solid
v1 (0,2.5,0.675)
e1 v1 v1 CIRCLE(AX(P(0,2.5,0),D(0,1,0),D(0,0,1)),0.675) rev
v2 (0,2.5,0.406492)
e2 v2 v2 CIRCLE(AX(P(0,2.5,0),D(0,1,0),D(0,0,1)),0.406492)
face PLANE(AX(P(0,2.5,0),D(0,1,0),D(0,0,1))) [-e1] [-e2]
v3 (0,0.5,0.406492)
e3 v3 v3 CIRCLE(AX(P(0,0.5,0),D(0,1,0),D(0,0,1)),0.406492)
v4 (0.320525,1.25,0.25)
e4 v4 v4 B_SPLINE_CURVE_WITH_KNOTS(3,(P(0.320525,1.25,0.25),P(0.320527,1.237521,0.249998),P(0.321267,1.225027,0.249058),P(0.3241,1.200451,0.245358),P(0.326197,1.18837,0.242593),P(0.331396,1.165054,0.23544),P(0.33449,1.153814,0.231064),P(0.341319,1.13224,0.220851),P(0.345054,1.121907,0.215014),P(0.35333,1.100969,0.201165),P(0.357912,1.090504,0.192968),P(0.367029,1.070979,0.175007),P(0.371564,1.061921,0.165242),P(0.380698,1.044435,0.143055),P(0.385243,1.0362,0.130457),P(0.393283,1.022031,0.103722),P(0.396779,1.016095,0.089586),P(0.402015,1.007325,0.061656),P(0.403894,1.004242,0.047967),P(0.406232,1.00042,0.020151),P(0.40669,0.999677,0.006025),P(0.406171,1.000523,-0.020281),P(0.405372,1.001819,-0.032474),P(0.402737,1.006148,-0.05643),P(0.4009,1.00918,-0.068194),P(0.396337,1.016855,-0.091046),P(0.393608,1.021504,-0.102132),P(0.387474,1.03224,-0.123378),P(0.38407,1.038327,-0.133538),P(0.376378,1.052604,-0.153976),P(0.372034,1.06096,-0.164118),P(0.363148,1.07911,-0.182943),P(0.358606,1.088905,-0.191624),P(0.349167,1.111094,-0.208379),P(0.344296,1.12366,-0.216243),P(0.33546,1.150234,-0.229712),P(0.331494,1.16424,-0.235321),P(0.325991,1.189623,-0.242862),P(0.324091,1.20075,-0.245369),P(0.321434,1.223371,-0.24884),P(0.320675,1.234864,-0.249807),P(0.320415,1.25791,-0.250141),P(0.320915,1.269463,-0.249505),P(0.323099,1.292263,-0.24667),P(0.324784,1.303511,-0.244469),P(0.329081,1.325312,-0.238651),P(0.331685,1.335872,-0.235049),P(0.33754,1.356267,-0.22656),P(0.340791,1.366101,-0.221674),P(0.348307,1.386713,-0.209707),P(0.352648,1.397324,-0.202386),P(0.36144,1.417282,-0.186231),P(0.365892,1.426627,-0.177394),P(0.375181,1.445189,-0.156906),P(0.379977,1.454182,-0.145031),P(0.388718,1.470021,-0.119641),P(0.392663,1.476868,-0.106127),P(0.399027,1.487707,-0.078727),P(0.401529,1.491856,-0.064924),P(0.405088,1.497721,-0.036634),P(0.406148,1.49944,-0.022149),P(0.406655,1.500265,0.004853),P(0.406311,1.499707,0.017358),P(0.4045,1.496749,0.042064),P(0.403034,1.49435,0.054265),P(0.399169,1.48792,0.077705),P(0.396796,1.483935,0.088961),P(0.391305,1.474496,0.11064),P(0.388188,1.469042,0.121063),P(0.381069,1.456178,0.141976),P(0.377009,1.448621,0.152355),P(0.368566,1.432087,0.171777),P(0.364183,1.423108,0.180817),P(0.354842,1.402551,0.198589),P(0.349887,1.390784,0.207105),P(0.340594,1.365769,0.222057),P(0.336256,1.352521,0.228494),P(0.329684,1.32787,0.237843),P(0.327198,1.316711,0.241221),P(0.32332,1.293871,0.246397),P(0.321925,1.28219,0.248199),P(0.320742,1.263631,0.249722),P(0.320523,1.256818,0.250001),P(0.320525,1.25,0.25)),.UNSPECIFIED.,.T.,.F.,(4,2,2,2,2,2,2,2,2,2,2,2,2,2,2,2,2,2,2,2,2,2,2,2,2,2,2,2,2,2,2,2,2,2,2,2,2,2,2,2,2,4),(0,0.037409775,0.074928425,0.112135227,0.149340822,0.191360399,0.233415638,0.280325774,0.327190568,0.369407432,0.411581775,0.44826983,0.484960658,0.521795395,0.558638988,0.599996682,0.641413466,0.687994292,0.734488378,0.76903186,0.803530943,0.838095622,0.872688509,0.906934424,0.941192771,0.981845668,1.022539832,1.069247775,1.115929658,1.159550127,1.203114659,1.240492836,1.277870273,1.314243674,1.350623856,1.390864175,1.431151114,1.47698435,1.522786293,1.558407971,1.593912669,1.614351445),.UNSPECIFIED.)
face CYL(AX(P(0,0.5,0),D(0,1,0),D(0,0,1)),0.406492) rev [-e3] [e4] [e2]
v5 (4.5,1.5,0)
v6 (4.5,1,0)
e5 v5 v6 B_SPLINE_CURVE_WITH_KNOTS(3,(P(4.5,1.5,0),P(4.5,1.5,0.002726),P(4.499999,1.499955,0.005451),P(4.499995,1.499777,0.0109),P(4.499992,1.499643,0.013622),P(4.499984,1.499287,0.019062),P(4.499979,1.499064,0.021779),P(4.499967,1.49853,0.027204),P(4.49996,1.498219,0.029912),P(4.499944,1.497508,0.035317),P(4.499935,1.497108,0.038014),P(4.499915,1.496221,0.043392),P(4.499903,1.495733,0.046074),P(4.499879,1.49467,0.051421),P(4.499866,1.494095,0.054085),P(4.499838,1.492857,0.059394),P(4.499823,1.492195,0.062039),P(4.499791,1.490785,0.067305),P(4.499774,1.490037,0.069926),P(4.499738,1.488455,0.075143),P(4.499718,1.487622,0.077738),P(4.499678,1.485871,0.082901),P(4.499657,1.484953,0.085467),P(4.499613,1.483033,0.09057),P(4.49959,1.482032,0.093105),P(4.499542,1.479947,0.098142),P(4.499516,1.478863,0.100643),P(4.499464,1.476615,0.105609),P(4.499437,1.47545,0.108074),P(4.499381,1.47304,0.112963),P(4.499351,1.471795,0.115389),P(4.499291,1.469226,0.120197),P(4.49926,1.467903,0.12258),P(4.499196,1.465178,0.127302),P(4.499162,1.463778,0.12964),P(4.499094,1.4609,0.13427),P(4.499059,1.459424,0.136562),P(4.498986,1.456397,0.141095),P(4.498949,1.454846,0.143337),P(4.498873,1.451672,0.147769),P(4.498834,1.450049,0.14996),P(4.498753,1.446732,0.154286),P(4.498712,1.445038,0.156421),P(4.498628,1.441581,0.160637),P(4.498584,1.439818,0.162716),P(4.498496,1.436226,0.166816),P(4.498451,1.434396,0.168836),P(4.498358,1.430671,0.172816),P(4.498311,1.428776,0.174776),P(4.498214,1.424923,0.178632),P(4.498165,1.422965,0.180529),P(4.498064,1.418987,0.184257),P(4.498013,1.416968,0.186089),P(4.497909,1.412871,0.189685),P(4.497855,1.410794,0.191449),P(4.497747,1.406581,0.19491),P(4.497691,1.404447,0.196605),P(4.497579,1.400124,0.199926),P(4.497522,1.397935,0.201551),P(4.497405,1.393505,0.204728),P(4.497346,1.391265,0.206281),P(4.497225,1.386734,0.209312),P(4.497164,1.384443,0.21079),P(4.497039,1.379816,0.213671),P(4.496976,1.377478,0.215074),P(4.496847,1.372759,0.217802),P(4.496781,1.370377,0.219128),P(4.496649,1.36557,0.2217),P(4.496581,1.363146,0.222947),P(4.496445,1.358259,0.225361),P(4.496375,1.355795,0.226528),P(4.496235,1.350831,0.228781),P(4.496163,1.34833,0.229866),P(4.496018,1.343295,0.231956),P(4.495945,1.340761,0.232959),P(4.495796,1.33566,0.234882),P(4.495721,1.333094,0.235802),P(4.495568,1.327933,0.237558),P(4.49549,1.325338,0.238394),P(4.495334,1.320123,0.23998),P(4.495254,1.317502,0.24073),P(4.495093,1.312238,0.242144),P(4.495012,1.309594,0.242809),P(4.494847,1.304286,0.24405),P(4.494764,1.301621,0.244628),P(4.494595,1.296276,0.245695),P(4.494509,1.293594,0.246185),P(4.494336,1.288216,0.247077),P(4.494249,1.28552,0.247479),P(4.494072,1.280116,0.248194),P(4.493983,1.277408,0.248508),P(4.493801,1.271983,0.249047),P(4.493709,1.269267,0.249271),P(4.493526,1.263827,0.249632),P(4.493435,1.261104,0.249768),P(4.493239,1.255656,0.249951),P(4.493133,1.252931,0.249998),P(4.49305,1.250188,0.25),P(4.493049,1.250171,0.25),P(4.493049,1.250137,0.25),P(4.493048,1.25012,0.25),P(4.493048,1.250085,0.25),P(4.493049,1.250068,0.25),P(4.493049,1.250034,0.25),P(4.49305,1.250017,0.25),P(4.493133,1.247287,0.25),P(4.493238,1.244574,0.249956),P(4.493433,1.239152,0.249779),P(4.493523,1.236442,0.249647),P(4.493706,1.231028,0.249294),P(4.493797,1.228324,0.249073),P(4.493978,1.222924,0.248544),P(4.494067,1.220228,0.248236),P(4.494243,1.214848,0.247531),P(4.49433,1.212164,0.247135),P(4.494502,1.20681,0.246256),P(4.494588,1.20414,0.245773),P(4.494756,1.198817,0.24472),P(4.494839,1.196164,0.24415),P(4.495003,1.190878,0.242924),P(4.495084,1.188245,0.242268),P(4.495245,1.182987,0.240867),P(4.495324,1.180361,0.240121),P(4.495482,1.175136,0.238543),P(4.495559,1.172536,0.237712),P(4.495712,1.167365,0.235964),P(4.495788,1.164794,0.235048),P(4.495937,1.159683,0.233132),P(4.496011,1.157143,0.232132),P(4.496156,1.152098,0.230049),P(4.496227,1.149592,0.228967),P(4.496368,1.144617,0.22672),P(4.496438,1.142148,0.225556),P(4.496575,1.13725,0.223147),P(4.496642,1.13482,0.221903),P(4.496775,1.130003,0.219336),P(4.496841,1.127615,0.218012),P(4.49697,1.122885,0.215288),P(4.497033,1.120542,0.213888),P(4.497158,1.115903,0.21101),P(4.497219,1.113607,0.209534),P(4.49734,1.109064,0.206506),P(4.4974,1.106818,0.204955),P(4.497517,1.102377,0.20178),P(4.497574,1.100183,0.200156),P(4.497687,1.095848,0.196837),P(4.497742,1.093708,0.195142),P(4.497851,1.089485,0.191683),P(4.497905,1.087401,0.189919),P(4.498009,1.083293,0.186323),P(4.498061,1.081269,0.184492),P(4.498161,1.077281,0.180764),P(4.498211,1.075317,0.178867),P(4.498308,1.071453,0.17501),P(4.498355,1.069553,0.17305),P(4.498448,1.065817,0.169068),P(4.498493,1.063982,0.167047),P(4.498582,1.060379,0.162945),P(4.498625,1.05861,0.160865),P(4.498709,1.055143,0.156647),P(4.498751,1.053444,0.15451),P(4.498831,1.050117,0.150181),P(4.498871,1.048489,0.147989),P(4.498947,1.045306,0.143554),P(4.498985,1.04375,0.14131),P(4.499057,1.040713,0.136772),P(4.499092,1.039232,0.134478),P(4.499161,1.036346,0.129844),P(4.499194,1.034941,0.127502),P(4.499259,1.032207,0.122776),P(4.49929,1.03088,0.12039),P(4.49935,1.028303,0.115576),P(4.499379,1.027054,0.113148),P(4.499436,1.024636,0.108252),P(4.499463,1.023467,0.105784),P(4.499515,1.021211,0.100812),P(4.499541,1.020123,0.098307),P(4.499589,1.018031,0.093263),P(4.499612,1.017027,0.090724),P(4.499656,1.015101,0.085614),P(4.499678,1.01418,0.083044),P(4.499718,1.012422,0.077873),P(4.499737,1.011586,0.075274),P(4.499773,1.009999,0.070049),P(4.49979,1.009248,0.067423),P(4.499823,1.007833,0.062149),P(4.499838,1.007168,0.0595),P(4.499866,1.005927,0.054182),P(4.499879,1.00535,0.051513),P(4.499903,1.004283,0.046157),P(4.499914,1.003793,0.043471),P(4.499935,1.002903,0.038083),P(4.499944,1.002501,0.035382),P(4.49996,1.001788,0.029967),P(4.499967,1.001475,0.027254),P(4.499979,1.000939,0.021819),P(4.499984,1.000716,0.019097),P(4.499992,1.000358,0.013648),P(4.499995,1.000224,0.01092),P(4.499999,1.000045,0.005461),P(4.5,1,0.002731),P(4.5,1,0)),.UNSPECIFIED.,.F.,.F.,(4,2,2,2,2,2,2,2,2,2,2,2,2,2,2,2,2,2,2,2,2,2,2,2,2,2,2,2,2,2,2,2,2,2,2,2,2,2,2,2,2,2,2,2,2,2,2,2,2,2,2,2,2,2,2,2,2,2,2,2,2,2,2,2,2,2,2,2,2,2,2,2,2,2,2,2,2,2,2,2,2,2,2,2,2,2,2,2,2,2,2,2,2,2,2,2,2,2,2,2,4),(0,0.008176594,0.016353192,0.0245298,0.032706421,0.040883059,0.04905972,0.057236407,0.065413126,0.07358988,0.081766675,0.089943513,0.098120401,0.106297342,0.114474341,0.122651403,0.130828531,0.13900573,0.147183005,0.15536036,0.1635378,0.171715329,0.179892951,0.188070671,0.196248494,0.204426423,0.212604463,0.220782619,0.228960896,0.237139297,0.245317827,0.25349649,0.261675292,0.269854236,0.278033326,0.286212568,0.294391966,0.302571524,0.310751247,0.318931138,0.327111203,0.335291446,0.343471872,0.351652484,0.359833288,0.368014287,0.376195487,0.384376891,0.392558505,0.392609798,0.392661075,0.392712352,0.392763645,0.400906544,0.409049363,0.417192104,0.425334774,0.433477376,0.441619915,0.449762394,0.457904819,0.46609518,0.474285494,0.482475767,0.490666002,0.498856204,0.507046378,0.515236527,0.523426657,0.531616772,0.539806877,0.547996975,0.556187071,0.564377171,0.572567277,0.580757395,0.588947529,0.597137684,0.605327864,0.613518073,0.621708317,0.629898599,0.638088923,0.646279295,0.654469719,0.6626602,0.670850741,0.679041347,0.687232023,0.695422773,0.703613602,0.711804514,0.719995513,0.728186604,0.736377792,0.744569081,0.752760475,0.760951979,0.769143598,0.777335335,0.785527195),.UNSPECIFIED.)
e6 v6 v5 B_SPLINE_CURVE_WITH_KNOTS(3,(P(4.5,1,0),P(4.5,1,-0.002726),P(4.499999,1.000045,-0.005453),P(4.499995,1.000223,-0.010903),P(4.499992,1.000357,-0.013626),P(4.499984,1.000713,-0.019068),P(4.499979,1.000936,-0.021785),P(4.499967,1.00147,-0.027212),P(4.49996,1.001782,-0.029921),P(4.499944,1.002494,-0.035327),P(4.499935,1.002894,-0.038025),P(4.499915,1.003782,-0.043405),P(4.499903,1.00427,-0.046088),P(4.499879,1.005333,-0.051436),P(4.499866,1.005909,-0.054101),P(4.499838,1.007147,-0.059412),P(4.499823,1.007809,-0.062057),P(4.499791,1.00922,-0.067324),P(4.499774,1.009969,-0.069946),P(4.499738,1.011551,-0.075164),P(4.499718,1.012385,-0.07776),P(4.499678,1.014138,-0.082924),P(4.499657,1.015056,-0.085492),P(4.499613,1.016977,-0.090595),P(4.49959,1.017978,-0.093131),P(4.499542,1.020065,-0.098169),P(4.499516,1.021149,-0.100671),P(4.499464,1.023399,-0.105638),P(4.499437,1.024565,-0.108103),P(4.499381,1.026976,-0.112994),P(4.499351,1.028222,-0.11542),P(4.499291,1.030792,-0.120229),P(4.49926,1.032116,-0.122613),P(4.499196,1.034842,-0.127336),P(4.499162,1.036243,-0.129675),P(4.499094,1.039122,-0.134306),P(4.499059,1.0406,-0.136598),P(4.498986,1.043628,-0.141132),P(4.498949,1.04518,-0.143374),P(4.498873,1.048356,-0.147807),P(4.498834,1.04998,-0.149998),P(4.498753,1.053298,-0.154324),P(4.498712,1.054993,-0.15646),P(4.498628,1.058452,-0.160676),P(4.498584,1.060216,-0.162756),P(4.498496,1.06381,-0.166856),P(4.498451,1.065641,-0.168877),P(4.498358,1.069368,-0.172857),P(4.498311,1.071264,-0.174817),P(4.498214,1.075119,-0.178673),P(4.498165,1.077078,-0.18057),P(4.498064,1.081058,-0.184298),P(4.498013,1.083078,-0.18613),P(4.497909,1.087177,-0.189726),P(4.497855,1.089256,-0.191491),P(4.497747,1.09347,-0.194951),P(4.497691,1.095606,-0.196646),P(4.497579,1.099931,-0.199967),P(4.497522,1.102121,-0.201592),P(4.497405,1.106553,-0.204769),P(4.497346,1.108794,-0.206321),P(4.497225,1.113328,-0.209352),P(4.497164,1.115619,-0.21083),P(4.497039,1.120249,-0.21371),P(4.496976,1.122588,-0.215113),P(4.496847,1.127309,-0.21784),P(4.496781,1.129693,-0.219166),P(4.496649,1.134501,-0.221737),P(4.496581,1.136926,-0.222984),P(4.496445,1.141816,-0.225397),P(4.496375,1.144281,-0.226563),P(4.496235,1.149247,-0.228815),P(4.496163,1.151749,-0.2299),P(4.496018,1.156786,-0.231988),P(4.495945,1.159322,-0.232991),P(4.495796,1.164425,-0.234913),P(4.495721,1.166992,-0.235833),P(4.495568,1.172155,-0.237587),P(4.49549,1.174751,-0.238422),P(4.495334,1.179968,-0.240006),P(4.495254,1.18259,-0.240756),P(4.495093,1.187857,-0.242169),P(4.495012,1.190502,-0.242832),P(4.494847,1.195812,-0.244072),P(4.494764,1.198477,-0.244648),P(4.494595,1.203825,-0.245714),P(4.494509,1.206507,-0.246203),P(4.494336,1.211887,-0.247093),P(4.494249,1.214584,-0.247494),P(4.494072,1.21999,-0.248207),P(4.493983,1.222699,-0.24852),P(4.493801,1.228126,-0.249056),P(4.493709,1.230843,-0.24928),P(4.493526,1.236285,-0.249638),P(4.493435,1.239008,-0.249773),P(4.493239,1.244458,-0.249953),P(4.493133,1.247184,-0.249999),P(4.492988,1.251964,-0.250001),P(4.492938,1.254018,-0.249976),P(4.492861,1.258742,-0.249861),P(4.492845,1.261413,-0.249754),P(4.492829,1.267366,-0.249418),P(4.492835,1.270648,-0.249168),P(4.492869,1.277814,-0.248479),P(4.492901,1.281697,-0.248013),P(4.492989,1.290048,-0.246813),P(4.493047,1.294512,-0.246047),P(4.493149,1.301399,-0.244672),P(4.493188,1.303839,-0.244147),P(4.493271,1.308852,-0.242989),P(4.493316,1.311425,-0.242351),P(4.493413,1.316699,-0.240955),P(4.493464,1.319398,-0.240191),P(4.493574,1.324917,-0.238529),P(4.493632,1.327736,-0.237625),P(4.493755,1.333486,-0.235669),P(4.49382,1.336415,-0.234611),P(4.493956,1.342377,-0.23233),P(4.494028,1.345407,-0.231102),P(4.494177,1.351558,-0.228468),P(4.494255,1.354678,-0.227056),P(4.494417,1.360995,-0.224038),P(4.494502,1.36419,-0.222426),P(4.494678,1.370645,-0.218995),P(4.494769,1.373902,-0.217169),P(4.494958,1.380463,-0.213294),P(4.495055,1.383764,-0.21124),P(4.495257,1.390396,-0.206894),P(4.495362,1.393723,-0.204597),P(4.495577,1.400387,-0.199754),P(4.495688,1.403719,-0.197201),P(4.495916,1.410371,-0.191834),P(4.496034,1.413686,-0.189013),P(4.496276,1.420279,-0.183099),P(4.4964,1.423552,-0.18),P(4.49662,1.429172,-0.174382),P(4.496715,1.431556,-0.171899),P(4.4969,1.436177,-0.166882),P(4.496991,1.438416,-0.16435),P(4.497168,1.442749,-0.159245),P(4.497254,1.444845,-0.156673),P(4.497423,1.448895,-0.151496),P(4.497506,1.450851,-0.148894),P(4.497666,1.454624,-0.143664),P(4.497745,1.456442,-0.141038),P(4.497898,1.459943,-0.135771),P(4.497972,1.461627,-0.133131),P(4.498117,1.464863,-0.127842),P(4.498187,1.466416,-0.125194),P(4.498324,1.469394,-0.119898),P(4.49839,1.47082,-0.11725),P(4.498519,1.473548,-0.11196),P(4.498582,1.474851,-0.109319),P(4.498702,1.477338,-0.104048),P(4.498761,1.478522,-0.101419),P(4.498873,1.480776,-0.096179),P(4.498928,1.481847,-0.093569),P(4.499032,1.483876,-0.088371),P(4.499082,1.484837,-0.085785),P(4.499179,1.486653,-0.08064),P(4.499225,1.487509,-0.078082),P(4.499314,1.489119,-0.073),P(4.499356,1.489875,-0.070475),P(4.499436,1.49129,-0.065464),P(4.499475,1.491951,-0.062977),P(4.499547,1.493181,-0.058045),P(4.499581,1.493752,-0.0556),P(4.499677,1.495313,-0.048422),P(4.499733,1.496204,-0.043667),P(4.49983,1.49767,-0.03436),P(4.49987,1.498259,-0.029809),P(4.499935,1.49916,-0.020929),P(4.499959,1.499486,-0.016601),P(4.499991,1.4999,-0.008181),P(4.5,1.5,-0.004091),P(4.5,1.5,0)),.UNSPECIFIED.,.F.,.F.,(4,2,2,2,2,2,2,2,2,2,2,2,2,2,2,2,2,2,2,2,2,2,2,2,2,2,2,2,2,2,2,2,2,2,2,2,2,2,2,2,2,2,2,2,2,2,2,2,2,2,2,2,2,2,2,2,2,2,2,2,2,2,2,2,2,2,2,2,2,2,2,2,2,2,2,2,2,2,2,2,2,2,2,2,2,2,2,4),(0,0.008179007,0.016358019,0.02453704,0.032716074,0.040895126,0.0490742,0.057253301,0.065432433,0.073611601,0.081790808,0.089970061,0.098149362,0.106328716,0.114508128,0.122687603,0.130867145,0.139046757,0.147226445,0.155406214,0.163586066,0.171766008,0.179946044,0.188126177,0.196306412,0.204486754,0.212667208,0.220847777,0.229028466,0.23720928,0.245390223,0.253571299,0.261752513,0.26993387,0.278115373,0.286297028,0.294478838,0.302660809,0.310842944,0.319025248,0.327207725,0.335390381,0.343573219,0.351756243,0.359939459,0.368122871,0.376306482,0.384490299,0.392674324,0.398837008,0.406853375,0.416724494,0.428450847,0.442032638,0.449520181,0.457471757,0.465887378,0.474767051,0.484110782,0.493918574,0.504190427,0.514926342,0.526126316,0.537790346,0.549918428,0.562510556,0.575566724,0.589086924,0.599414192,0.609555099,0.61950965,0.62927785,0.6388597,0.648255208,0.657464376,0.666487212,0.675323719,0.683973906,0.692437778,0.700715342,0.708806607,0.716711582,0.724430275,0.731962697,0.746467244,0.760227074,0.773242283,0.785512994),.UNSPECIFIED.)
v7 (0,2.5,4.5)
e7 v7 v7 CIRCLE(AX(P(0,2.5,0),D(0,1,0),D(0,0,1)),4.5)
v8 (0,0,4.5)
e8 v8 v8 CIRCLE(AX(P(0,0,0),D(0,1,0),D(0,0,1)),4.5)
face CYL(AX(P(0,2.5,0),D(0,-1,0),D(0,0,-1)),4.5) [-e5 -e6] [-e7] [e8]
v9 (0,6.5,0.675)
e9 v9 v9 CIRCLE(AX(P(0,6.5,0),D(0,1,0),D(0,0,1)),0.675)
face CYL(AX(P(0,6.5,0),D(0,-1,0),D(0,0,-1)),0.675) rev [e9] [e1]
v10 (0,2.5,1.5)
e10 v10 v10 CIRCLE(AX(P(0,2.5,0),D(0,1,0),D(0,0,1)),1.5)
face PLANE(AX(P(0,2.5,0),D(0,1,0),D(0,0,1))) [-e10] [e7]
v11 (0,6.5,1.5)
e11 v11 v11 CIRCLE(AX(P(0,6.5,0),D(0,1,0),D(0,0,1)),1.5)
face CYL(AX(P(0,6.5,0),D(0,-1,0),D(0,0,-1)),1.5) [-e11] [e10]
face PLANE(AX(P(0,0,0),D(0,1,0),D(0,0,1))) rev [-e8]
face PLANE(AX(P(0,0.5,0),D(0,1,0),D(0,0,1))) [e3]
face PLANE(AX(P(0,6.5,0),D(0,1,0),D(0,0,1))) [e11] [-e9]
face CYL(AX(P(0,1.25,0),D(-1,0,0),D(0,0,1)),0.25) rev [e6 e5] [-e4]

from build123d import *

# Parameters (mm, degrees)
SKETCH1_R           = 4.5
BOSS_EXTRUDE1_DEPTH = 2.5
SKETCH2_R           = 1.5
SKETCH2_R_2         = 0.675
BOSS_EXTRUDE2_DEPTH = 4
SKETCH3_W           = 4.5
SKETCH3_H           = 0.25
SKETCH5_R           = 0.406492391
CUT_EXTRUDE2_DEPTH  = 2


with BuildPart() as part:
    # Sketch1 → Boss-Extrude1 (new body)
    with BuildSketch(Plane(origin=(0, 0, 0), x_dir=(1, 0, 0), z_dir=(0, 1, 0))):
        with Locations(Location((0, 0, 0), (0, 0, 270))):
            Circle(SKETCH1_R)
    extrude(amount=BOSS_EXTRUDE1_DEPTH)

    # Sketch2 → Boss-Extrude2 (add)
    with BuildSketch(Plane(origin=(0, 2.5, 0), x_dir=(1, 0, 0), z_dir=(0, 1, 0))):
        with Locations(Location((0, 0, 0), (0, 0, 270))):
            Circle(SKETCH2_R)
        with Locations(Location((0, 0, 0), (0, 0, 270))):
            Circle(SKETCH2_R_2, mode=Mode.SUBTRACT)
    extrude(amount=BOSS_EXTRUDE2_DEPTH)

    # Sketch3 → Cut-Revolve1 (revolve, cut)
    with BuildSketch(Plane.XY, mode=Mode.PRIVATE) as cut_revolve1_sk:
        with Locations((2.25, 1.375)):
            Rectangle(SKETCH3_W, SKETCH3_H)
    revolve(cut_revolve1_sk.sketch.rotate(Axis((0, 1.25, 0), (1, 0, 0)), 90), axis=Axis((0, 1.25, 0), (1, 0, 0)), mode=Mode.SUBTRACT)

    # Sketch5 → Cut-Extrude2 (cut)
    with BuildSketch(Plane(origin=(0, 2.5, 0), x_dir=(1, 0, 0), z_dir=(0, 1, 0))):
        with Locations(Location((0, 0, 0), (0, 0, 270))):
            Circle(SKETCH5_R)
    extrude(amount=-CUT_EXTRUDE2_DEPTH, mode=Mode.SUBTRACT)


solid = part.part
